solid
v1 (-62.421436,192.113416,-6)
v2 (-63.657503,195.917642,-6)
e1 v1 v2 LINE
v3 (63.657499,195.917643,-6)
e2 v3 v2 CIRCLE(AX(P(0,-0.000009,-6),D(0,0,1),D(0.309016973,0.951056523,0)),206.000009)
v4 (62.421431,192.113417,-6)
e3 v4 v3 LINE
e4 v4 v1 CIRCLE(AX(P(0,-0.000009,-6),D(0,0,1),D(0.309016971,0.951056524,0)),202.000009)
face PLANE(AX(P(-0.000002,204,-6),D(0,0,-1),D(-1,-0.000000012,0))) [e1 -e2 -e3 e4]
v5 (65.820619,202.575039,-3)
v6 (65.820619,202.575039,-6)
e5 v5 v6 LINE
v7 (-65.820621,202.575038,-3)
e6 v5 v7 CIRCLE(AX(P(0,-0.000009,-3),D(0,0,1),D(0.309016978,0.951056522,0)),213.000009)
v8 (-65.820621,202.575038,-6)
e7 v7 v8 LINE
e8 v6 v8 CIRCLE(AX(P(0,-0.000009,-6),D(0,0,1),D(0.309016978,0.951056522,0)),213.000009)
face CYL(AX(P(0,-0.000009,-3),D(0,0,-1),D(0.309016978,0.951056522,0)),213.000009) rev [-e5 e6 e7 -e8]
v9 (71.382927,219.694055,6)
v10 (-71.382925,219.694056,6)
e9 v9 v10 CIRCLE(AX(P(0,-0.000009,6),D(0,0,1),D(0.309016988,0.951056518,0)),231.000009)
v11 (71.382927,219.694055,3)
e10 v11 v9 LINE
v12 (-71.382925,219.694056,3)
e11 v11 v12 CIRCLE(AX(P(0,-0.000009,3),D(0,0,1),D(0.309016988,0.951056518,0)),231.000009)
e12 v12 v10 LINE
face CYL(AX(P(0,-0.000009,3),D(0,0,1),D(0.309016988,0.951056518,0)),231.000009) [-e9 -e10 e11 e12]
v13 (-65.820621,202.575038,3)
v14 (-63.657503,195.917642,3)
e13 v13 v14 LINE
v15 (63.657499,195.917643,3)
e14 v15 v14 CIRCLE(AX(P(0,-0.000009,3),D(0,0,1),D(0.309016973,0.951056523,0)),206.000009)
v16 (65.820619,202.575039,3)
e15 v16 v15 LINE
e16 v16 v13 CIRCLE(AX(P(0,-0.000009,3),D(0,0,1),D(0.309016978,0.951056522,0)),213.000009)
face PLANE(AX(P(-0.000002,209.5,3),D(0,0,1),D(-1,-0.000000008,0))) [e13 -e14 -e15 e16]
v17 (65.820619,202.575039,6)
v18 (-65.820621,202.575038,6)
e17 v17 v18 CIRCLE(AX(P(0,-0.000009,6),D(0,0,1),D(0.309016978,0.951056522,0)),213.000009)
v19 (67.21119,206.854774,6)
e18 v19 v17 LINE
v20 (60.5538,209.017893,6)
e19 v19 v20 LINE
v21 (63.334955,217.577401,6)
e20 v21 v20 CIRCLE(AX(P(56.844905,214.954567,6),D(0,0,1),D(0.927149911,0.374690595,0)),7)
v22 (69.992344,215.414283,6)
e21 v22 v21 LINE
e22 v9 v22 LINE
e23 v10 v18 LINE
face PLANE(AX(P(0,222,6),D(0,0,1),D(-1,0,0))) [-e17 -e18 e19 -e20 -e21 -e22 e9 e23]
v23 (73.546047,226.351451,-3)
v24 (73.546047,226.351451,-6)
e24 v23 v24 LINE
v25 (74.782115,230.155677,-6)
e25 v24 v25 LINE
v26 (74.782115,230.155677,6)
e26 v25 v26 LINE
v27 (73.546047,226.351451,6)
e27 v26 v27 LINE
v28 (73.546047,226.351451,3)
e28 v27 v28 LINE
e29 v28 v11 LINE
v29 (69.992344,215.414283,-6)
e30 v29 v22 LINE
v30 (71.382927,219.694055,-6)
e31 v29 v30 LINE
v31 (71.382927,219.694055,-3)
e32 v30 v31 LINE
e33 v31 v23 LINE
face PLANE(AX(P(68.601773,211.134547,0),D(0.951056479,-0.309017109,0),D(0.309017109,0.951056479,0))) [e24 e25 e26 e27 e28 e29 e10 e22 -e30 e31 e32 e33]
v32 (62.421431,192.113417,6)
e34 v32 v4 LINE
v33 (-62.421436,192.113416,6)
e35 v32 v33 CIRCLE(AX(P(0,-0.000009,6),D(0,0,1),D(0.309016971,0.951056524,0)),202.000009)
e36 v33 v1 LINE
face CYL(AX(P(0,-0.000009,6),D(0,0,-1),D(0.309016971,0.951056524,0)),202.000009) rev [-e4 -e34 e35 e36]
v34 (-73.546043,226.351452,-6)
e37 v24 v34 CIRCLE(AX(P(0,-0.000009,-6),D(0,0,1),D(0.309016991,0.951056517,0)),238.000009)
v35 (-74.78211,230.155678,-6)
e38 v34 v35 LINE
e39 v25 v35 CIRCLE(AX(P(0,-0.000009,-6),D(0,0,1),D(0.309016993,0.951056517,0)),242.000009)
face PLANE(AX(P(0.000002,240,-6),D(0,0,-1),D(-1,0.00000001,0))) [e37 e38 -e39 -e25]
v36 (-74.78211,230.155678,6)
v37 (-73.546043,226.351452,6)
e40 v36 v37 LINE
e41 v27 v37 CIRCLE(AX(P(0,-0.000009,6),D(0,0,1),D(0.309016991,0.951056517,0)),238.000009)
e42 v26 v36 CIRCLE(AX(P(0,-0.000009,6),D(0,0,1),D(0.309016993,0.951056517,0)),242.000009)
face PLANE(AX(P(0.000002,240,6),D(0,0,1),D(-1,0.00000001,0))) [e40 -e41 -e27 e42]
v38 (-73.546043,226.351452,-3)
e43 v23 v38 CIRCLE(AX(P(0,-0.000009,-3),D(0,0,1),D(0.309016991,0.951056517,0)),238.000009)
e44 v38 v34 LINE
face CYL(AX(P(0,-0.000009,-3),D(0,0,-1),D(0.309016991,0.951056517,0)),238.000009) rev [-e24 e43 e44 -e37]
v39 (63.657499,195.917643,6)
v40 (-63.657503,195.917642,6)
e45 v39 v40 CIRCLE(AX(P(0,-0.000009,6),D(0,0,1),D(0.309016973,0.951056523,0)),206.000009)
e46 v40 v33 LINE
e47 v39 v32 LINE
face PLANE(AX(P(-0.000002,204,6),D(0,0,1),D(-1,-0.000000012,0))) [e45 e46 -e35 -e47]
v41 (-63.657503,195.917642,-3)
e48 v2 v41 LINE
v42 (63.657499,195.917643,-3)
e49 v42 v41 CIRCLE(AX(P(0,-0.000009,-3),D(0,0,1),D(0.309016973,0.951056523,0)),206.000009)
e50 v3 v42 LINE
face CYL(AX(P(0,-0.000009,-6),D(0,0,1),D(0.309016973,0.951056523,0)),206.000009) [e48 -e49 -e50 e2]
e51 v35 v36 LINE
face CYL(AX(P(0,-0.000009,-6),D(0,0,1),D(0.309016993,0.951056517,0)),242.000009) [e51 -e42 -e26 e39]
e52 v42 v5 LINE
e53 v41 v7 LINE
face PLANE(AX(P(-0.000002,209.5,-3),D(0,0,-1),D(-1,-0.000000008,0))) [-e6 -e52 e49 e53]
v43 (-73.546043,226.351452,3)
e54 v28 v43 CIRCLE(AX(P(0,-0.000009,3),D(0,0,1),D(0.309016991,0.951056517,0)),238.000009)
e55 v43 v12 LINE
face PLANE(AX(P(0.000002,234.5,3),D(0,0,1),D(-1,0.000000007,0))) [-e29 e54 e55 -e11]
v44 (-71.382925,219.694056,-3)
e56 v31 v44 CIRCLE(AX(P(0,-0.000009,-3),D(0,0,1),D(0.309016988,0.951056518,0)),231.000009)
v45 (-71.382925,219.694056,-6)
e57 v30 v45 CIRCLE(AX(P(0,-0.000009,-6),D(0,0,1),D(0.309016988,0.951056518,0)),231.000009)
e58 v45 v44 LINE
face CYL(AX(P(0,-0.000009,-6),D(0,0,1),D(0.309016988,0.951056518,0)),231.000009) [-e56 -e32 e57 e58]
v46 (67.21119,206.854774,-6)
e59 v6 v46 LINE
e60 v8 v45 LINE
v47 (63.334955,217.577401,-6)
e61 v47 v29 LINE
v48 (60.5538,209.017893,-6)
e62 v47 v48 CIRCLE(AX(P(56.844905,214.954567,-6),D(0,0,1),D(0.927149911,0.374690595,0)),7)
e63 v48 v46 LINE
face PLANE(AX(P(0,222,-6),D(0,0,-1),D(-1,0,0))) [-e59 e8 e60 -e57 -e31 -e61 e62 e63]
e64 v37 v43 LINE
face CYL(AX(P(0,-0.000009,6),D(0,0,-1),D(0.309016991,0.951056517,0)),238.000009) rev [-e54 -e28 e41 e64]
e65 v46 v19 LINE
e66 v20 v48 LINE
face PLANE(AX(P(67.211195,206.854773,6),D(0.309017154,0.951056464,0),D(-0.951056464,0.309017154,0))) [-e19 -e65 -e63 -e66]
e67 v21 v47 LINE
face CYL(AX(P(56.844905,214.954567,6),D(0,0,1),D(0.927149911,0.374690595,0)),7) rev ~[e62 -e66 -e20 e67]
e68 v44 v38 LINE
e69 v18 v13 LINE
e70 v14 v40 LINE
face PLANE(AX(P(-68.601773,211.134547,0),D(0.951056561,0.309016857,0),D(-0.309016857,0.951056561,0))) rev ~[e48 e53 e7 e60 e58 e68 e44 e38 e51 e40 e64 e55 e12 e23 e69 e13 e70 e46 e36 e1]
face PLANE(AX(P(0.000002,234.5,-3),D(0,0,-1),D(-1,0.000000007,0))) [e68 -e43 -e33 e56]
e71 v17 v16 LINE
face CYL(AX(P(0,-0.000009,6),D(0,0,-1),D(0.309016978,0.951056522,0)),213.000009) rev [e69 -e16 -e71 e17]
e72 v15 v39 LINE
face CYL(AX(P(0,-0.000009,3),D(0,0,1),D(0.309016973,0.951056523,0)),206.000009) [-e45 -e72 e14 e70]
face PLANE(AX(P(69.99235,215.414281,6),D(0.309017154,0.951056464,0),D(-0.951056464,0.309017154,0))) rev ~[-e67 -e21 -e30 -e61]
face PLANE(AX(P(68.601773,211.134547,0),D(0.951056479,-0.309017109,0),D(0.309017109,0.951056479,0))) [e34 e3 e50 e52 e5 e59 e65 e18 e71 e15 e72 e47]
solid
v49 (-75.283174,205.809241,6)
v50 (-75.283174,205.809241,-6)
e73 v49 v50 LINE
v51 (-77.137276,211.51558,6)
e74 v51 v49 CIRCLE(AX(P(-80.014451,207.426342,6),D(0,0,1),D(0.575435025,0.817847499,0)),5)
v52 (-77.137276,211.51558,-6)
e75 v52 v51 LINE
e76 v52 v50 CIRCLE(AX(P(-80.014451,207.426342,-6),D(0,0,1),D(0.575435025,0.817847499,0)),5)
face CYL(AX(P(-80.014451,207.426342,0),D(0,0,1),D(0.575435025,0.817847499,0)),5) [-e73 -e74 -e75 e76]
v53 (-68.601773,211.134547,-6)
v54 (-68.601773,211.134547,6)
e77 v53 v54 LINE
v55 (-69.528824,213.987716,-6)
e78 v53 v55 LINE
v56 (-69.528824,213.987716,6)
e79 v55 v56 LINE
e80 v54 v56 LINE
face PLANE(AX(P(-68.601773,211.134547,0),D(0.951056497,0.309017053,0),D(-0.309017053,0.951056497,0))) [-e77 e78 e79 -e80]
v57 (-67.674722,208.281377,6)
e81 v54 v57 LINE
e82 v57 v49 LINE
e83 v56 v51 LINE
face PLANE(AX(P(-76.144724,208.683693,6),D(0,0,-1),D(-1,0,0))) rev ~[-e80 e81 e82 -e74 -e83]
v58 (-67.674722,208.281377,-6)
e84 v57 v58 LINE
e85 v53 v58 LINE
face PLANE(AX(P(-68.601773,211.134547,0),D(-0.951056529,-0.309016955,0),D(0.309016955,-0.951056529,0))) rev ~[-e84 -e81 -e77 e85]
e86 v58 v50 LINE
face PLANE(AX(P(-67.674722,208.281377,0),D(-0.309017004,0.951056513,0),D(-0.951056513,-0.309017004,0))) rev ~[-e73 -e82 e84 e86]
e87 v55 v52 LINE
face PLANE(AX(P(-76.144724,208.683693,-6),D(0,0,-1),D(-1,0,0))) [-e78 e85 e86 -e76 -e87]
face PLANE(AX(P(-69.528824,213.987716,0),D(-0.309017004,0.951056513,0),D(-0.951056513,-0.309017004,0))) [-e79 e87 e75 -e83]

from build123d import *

# Parameters (mm, degrees)
POCKET_DEPTH = 12.001
PAD_DEPTH    = 6


with BuildPart() as body:
    # AdditivePipe: sweep along a path in Sketch
    with BuildLine(Plane.XY) as additivepipe_path:
        ThreePointArc((68.601773, 211.134547), (0, 222), (-68.601773, 211.134547))
    # Sketch002 (on DatumPlane) → AdditivePipe (sweep)
    with BuildSketch(Plane(origin=(-68.601773, 211.134547, 0), x_dir=(-0.309017, 0.951057, 0), z_dir=(0.951057, 0.309017, 0))):
        Polygon((-20, 6), (-20, -6), (-16, -6), (-16, -3), (-9, -3), (-9, -6), (9, -6), (9, -3), (16, -3), (16, -6), (20, -6), (20, 6), (16, 6), (16, 3), (9, 3), (9, 6), (-9, 6), (-9, 3), (-16, 3), (-16, 6), align=None)
    sweep(path=additivepipe_path.line)

    # Sketch004 (on Face18 of AdditivePipe) → Pocket (cut, through all)
    with BuildSketch(Plane(origin=(-68.601773, 211.134547, 6), x_dir=(0.309017, -0.951057, 0), z_dir=(0, 0, 1))):
        with BuildLine():
            Line((38.757651, 133.13336), (34.643154, 127.470241))
            ThreePointArc((34.643154, 127.470241), (31.017586, 114.824218), (41.924307, 122.180173))
            Line((46.038804, 127.843292), (41.924307, 122.180173))
            Line((38.757651, 133.13336), (46.038804, 127.843292))
        make_face()
    extrude(amount=-POCKET_DEPTH, mode=Mode.SUBTRACT)


with BuildPart() as body001:
    # Sketch003 → Pad (new body, symmetric)
    with BuildSketch(Plane.XY):
        with BuildLine():
            Line((-68.601773, 211.134547), (-67.674722, 208.281377))
            Line((-67.674722, 208.281377), (-75.283174, 205.809241))
            ThreePointArc((-77.137276, 211.51558), (-84.769734, 205.881258), (-75.283174, 205.809241))
            Line((-69.528824, 213.987716), (-77.137276, 211.51558))
            Line((-68.601773, 211.134547), (-69.528824, 213.987716))
        make_face()
    extrude(amount=PAD_DEPTH, both=True)


solid = Compound([body.part, body001.part])
